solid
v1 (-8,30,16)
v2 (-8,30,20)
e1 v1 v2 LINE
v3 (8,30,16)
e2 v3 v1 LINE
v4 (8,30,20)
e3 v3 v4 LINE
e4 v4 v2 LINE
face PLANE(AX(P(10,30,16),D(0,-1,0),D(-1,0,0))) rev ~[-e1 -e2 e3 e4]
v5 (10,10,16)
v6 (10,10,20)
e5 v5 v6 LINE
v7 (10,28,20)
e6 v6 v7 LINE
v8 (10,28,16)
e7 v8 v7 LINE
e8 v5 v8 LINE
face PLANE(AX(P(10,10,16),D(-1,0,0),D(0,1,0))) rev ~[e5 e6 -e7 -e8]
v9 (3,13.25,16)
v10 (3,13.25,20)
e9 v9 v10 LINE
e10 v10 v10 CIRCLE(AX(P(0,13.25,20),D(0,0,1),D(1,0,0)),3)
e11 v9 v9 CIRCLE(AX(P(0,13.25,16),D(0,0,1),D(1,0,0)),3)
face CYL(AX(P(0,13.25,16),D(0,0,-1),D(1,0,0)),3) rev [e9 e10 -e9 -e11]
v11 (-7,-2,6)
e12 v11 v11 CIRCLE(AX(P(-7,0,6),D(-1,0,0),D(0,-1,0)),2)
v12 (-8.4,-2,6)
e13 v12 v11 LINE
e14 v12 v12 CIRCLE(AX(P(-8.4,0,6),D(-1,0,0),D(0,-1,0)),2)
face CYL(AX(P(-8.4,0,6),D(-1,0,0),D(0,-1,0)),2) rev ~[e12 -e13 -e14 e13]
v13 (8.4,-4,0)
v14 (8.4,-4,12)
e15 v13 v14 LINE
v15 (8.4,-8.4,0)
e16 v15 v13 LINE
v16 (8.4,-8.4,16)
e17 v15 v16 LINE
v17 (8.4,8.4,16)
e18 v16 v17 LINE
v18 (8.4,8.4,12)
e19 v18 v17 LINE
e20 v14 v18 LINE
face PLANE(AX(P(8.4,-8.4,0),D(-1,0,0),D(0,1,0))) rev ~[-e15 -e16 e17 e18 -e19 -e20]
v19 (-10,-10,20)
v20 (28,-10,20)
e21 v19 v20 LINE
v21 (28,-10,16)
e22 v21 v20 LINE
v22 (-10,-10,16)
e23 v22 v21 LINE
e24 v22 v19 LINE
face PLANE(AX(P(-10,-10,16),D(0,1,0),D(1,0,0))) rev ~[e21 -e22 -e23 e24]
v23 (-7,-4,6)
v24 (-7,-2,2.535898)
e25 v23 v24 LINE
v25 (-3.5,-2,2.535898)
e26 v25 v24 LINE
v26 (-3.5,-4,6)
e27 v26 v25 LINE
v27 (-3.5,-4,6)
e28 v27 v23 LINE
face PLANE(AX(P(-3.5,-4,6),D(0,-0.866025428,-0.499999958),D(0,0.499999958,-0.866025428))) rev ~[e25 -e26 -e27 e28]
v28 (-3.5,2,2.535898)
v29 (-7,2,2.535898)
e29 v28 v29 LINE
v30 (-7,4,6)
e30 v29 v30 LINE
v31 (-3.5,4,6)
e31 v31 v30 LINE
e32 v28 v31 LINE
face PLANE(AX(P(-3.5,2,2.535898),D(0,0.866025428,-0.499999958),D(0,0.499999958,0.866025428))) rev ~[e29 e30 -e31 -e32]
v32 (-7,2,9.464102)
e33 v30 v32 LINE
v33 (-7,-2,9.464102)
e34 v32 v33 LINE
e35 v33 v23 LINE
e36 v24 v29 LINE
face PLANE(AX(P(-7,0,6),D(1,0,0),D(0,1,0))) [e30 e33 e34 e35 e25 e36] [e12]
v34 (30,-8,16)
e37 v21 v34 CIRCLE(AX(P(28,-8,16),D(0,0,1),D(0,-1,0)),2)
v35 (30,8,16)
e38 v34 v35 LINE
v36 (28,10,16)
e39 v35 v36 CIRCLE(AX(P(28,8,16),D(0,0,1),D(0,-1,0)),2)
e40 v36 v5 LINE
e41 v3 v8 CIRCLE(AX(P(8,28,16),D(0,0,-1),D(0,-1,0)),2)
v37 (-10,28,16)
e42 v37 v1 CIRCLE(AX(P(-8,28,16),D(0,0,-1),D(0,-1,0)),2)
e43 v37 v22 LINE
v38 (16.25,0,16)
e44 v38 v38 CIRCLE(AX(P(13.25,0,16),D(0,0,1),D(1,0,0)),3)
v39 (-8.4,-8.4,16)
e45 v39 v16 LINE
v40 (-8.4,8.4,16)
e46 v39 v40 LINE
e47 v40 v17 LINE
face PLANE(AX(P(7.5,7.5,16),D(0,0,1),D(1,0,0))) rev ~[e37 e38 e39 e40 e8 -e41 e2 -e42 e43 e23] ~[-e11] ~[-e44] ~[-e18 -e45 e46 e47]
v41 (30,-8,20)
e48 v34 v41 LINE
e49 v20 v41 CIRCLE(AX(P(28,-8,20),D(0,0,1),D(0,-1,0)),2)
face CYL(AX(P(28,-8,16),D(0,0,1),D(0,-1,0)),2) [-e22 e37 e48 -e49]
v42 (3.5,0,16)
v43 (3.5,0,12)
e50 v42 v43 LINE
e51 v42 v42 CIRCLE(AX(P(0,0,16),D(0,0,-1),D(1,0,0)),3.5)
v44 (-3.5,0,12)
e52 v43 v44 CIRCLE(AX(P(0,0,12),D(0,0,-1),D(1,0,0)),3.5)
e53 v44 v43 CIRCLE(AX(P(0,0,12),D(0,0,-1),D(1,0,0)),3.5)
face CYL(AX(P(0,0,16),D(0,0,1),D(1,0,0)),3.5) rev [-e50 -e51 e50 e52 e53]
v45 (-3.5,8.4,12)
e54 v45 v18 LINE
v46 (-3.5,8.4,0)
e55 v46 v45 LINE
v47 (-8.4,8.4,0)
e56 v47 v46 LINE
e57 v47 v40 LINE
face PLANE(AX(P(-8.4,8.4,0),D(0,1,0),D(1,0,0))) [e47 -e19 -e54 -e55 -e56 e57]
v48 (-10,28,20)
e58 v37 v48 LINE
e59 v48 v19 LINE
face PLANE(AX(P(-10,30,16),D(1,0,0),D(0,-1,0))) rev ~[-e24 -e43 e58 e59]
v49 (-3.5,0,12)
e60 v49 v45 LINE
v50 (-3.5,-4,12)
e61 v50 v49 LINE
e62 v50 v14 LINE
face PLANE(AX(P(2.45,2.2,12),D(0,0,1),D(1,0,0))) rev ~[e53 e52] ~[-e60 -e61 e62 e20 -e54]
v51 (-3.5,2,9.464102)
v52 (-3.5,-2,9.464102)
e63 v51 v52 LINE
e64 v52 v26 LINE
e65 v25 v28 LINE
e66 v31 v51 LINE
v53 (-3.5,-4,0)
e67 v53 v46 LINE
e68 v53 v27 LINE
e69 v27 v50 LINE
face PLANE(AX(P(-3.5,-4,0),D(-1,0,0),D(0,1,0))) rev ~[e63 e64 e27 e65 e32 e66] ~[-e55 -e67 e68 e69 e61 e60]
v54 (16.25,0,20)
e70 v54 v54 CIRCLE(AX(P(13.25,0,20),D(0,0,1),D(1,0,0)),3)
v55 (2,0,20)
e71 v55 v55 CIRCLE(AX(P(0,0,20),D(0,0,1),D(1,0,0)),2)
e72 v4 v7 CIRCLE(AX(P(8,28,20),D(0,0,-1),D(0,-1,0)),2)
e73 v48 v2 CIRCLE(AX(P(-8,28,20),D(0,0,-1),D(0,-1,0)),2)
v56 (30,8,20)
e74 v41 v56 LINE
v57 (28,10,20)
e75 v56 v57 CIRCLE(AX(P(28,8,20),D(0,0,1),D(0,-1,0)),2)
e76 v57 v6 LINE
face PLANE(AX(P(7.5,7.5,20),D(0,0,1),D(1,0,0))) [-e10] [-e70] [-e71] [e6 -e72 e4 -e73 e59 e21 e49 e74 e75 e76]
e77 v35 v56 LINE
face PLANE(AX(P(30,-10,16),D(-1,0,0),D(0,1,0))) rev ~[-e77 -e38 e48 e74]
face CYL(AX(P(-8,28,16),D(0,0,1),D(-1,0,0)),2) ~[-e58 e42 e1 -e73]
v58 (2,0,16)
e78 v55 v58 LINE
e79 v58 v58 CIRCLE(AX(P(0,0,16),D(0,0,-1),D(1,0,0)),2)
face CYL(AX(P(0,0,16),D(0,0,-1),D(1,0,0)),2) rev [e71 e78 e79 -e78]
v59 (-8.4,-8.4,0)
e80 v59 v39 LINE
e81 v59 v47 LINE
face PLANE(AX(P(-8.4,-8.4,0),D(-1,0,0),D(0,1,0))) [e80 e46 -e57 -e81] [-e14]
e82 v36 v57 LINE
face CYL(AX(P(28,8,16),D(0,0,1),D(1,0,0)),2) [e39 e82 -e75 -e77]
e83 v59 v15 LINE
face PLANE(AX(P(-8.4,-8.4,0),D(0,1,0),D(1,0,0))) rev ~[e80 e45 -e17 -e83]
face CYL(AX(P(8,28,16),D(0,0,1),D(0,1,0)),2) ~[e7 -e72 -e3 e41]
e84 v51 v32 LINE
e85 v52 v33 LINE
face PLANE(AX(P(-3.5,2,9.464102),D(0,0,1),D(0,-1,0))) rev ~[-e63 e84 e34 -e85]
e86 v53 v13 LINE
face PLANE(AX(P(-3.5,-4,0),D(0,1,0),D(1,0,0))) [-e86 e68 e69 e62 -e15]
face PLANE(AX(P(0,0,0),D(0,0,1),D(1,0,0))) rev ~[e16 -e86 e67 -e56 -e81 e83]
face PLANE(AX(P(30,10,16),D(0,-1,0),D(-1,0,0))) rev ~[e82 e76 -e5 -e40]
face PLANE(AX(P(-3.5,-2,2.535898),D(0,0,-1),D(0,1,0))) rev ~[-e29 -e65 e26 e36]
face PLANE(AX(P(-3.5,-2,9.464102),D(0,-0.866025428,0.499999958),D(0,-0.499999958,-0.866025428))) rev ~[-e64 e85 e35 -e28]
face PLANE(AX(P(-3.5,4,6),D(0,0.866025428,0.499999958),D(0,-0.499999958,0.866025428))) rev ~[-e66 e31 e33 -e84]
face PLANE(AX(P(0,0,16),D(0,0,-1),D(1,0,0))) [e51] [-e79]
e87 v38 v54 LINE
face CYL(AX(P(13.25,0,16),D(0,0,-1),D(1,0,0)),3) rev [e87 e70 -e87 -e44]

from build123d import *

# Parameters (mm, degrees)
SKETCH_W        = 16.8
SKETCH_H        = 16.8
SKETCH_R        = 2
PAD_DEPTH       = 16
SKETCH002_R     = 2
SKETCH002_R_2   = 3
PAD001_DEPTH    = 4
SKETCH003_W     = 11.9
SKETCH003_H     = 12.4
POCKET001_DEPTH = 12
SKETCH001_R     = 3.5
POCKET_DEPTH    = 4
POCKET002_DEPTH = 3.5
SKETCH005_R     = 2
POCKET003_DEPTH = 38.401
FILLET_R        = 2


with BuildPart() as part:
    # Sketch → Pad (new body)
    with BuildSketch(Plane.XY):
        Rectangle(SKETCH_W, SKETCH_H)
        Circle(SKETCH_R, mode=Mode.SUBTRACT)
    extrude(amount=PAD_DEPTH)

    # Sketch002 → Pad001 (join)
    with BuildSketch(Plane.XY.offset(16)):
        Polygon((-10, -10), (30, -10), (30, 10), (10, 10), (10, 30), (-10, 30), align=None)
        Circle(SKETCH002_R, mode=Mode.SUBTRACT)
        with Locations((0, 13.25)):
            Circle(SKETCH002_R_2, mode=Mode.SUBTRACT)
        with Locations((13.25, 0)):
            Circle(SKETCH002_R_2, mode=Mode.SUBTRACT)
    extrude(amount=PAD001_DEPTH)

    # Sketch003 → Pocket001 (cut)
    with BuildSketch(Plane.XY):
        with Locations((2.45, 2.2)):
            Rectangle(SKETCH003_W, SKETCH003_H)
    extrude(amount=POCKET001_DEPTH, mode=Mode.SUBTRACT)

    # Sketch001 (on Face5 of Pocket001) → Pocket (cut)
    with BuildSketch(Plane(origin=(0, 0, 16), x_dir=(1, 0, 0), z_dir=(0, 0, -1))):
        Circle(SKETCH001_R)
    extrude(amount=POCKET_DEPTH, mode=Mode.SUBTRACT)

    # Sketch004 (on Face9 of Pocket) → Pocket002 (cut)
    with BuildSketch(Plane.YZ.offset(-3.5)):
        Polygon((4, 6), (2, 9.464102), (-2, 9.464102), (-4, 6), (-2, 2.535898), (2, 2.535898), align=None)
    extrude(amount=-POCKET002_DEPTH, mode=Mode.SUBTRACT)

    # Sketch005 (on Face2 of Pocket002) → Pocket003 (cut, through all)
    with BuildSketch(Plane(origin=(-8.4, 0, 0), x_dir=(0, -1, 0), z_dir=(-1, 0, 0))):
        with Locations((0, 6)):
            Circle(SKETCH005_R)
    extrude(amount=-POCKET003_DEPTH, mode=Mode.SUBTRACT)

    # Fillet
    fillet_edges = [part.edges().sort_by_distance(p)[0] for p in [
        (30, -10, 18),
        (30, 10, 18),
        (10, 30, 18),
        (-10, 30, 18),
    ]]
    fillet(fillet_edges, radius=FILLET_R)


solid = part.part
